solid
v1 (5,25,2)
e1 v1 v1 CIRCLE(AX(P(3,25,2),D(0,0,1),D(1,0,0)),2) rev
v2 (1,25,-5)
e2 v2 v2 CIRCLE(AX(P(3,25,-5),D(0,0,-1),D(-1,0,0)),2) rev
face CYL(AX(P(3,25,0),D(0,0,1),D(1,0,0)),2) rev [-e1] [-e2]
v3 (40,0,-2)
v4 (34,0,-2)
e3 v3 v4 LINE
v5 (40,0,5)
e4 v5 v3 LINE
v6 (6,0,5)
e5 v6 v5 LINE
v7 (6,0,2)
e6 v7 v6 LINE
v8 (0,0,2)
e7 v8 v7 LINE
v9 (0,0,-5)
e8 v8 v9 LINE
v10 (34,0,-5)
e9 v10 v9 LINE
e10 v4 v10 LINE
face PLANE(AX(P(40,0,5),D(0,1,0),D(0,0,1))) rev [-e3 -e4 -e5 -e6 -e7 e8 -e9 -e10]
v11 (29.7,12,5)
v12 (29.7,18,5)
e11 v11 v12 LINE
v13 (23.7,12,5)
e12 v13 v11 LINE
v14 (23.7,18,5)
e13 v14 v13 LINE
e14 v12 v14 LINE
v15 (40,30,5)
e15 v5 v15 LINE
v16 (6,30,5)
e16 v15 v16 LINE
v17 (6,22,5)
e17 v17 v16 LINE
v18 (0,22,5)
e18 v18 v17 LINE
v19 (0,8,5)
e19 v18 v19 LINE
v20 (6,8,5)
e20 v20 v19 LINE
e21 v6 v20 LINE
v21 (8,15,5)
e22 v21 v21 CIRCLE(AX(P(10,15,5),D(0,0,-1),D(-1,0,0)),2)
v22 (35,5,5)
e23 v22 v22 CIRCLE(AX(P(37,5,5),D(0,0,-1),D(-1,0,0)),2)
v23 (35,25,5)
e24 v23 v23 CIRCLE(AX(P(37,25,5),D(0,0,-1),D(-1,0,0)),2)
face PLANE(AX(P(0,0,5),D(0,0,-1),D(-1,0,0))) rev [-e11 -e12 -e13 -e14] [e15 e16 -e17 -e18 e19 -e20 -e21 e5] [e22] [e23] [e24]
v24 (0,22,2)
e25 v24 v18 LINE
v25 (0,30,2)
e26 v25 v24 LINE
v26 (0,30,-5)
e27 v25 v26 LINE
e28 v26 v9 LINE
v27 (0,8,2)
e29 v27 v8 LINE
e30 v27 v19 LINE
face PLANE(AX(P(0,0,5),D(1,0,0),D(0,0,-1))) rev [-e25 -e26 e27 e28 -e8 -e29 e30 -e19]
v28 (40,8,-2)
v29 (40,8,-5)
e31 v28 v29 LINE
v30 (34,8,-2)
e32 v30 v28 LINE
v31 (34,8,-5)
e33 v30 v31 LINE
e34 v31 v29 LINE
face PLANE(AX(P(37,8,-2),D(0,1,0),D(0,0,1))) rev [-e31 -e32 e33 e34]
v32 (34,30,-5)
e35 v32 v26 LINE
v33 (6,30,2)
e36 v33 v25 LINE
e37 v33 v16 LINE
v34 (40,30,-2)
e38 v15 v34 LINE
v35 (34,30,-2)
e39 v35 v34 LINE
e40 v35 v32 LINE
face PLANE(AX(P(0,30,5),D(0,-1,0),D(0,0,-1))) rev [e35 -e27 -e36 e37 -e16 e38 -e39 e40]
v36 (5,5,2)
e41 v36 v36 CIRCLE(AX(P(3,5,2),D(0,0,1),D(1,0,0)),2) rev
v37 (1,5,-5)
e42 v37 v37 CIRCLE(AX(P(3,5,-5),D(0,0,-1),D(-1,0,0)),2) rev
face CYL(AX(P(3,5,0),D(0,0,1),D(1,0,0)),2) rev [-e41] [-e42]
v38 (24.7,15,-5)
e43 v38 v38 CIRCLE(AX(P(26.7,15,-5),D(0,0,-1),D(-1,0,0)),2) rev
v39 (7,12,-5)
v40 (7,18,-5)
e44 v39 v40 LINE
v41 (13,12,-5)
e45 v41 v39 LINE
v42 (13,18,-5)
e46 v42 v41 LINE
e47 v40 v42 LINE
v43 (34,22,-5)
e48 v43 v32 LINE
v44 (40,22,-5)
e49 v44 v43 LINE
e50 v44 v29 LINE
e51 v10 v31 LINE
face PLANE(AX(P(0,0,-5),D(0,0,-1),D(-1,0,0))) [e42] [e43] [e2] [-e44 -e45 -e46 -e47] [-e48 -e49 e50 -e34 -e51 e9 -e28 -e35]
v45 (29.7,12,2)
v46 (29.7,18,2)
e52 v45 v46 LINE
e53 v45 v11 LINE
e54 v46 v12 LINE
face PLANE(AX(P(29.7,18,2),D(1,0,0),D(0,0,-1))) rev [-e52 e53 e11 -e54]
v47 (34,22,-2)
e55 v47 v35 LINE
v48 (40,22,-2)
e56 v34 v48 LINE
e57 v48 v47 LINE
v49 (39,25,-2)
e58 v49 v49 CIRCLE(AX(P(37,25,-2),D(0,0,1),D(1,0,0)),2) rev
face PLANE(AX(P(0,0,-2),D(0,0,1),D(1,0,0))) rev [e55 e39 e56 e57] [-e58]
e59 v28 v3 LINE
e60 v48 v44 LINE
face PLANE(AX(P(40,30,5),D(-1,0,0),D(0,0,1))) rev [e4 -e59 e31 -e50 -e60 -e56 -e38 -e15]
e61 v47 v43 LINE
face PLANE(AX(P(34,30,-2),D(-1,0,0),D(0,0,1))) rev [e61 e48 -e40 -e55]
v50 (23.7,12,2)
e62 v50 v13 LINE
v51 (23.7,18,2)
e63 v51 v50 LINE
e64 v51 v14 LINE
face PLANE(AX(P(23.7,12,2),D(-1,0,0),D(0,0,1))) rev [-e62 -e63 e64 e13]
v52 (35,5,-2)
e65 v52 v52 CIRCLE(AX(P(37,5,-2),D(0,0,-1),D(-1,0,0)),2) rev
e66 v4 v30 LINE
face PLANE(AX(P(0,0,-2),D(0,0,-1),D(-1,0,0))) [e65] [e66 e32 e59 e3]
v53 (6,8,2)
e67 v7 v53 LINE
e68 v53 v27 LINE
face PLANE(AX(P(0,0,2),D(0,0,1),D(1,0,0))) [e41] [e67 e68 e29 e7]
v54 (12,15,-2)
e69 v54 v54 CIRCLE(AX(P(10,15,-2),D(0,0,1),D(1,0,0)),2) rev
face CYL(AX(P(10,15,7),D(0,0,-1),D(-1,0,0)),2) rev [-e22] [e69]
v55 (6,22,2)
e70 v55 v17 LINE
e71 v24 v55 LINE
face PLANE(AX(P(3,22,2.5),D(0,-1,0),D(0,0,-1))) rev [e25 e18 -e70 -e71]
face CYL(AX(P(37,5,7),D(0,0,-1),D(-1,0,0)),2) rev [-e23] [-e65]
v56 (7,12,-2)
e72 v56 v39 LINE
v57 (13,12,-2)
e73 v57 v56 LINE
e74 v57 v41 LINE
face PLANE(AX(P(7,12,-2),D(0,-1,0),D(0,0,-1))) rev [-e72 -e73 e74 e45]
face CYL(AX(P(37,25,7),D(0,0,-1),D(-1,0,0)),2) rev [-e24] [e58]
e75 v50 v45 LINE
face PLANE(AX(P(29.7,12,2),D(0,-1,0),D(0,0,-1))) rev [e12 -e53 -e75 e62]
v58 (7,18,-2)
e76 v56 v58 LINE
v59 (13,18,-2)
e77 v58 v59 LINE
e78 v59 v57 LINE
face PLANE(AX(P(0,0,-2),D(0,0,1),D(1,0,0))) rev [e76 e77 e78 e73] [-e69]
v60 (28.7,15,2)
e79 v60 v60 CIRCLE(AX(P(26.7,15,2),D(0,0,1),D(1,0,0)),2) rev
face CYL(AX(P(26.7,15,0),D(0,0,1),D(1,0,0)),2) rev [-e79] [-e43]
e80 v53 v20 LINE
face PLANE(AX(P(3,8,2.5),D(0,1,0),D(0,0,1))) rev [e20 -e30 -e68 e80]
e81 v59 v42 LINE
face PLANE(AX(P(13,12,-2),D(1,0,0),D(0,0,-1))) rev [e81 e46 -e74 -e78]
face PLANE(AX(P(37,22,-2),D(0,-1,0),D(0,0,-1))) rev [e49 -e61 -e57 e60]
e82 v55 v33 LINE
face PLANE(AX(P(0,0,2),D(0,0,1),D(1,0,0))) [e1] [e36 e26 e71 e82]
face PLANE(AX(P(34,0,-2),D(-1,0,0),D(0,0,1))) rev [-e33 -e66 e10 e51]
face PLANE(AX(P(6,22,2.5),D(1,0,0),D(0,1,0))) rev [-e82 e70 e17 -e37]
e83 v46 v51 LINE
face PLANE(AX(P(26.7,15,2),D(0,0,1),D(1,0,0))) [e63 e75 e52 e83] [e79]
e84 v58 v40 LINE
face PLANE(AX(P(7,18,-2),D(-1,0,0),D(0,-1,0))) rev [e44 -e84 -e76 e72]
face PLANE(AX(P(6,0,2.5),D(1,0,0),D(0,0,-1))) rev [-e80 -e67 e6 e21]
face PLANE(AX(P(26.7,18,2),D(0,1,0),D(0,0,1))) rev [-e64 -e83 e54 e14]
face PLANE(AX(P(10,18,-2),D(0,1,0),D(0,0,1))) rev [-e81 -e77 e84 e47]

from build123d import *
from build123d.topology import SkipClean

# Parameters (mm, degrees)
SKETCH_1_W          = 40
SKETCH_1_H          = 30
EXTRUDE_1_DEPTH     = 5
SKETCH_2_R          = 2
CUT_EXTRUDE_1_DEPTH = 5
SKETCH_3_R          = 3
CUT_EXTRUDE_2_DEPTH = 2.5
SKETCH_5_W          = 40
SKETCH_5_H          = 30
SKETCH_5_R          = 2
EXTRUDE_2_DEPTH     = 3
SKETCH_3_2_R        = 3
CUT_EXTRUDE_3_DEPTH = 3
SKETCH_9_W          = 40
SKETCH_9_H          = 30
SKETCH_9_R          = 2
EXTRUDE_4_DEPTH     = 2
SKETCH_8_R          = 2
CUT_EXTRUDE_5_DEPTH = 10
CUT_EXTRUDE_START   = 10
SKETCH_8_4_R        = 2
CUT_EXTRUDE_6_DEPTH = 10
CUT_EXTRUDE_7_DEPTH = 3
CUT_EXTRUDE_8_DEPTH = 3


with BuildPart() as part:
    # 草图1 → 凸台-拉伸1 (new body)
    with BuildSketch(Plane.XY):
        with Locations((20, 15)):
            Rectangle(SKETCH_1_W, SKETCH_1_H)
    extrude(amount=EXTRUDE_1_DEPTH)

    # 草图2 → 切除-拉伸1 (cut)
    with BuildSketch(Plane.XY.offset(5)):
        with Locations((3, 25)):
            Circle(SKETCH_2_R)
        with Locations((3, 5)):
            Circle(SKETCH_2_R)
        with Locations((26.7, 15)):
            Circle(SKETCH_2_R)
    extrude(amount=-CUT_EXTRUDE_1_DEPTH, mode=Mode.SUBTRACT)

    # 草图3 → 切除-拉伸2 (cut)
    with BuildSketch(Plane.XY.offset(5)):
        with Locations((26.7, 15)):
            Circle(SKETCH_3_R)
        Polygon((3, 22), (6, 22), (6, 30), (0, 30), (0, 22), align=None)
        Polygon((3, 8), (0, 8), (0, 0), (6, 0), (6, 8), align=None)
    extrude(amount=-CUT_EXTRUDE_2_DEPTH, mode=Mode.SUBTRACT)

    # 草图5 → 凸台-拉伸2 (add)
    with SkipClean():  # the faces are left unmerged after this step: merging them gives an invalid solid
        with BuildSketch(Plane(origin=(0, 0, 0), x_dir=(-1, 0, 0), z_dir=(0, 0, -1))):
            with Locations((-20, 15)):
                Rectangle(SKETCH_5_W, SKETCH_5_H)
            with Locations((-26.7, 15)):
                Circle(SKETCH_5_R, mode=Mode.SUBTRACT)
            with Locations((-3, 25)):
                Circle(SKETCH_5_R, mode=Mode.SUBTRACT)
            with Locations((-3, 5)):
                Circle(SKETCH_5_R, mode=Mode.SUBTRACT)
        extrude(amount=EXTRUDE_2_DEPTH)

    # 草图3<2> → 切除-拉伸3 (cut)
    with SkipClean():  # the faces are left unmerged after this step: merging them gives an invalid solid
        with BuildSketch(Plane.XY.offset(5)):
            with Locations((26.7, 15)):
                Circle(SKETCH_3_2_R)
            Polygon((3, 22), (6, 22), (6, 30), (0, 30), (0, 22), align=None)
            Polygon((3, 8), (0, 8), (0, 0), (6, 0), (6, 8), align=None)
        extrude(amount=-CUT_EXTRUDE_3_DEPTH, mode=Mode.SUBTRACT)

    # 草图9 → 凸台-拉伸4 (add)
    with SkipClean():  # the faces are left unmerged after this step: merging them gives an invalid solid
        with BuildSketch(Plane(origin=(0, 0, -3), x_dir=(-1, 0, 0), z_dir=(0, 0, -1))):
            with Locations((-20, 15)):
                Rectangle(SKETCH_9_W, SKETCH_9_H)
            with Locations((-3, 5)):
                Circle(SKETCH_9_R, mode=Mode.SUBTRACT)
            with Locations((-26.7, 15)):
                Circle(SKETCH_9_R, mode=Mode.SUBTRACT)
            with Locations((-3, 25)):
                Circle(SKETCH_9_R, mode=Mode.SUBTRACT)
        extrude(amount=EXTRUDE_4_DEPTH)

    # 草图8 → 切除-拉伸5 (cut)
    with SkipClean():  # the faces are left unmerged after this step: merging them gives an invalid solid
        with BuildSketch(Plane(origin=(0, 0, -3), x_dir=(-1, 0, 0), z_dir=(0, 0, -1))):
            with Locations((-37, 25)):
                Circle(SKETCH_8_R)
            with Locations((-37, 5)):
                Circle(SKETCH_8_R)
            with Locations((-10, 15)):
                Circle(SKETCH_8_R)
        extrude(amount=-CUT_EXTRUDE_5_DEPTH, mode=Mode.SUBTRACT)

    # 草图8<4> → 切除-拉伸6 (cut)
    with SkipClean():  # the faces are left unmerged after this step: merging them gives an invalid solid
        with BuildSketch(Plane(origin=(0, 0, -3), x_dir=(-1, 0, 0), z_dir=(0, 0, -1)).offset(CUT_EXTRUDE_START)):
            with Locations((-37, 25)):
                Circle(SKETCH_8_4_R)
            with Locations((-37, 5)):
                Circle(SKETCH_8_4_R)
            with Locations((-10, 15)):
                Circle(SKETCH_8_4_R)
        extrude(amount=-CUT_EXTRUDE_6_DEPTH, mode=Mode.SUBTRACT)

    # 草图11 → 切除-拉伸7 (cut)
    with SkipClean():  # the faces are left unmerged after this step: merging them gives an invalid solid
        with BuildSketch(Plane(origin=(0, 0, -5), x_dir=(-1, 0, 0), z_dir=(0, 0, -1))):
            Polygon((-37, 22), (-40, 22), (-40, 30), (-34, 30), (-34, 22), align=None)
            Polygon((-37, 8), (-40, 8), (-40, 0), (-34, 0), (-34, 8), align=None)
            Polygon((-10, 18), (-7, 18), (-7, 12), (-13, 12), (-13, 18), align=None)
        extrude(amount=-CUT_EXTRUDE_7_DEPTH, mode=Mode.SUBTRACT)

    # 草图12 → 切除-拉伸8 (cut)
    with SkipClean():  # the faces are left unmerged after this step: merging them gives an invalid solid
        with BuildSketch(Plane.XY.offset(5)):
            Polygon((26.7, 18), (29.7, 18), (29.7, 12), (23.7, 12), (23.7, 18), align=None)
        extrude(amount=-CUT_EXTRUDE_8_DEPTH, mode=Mode.SUBTRACT)


solid = part.part
